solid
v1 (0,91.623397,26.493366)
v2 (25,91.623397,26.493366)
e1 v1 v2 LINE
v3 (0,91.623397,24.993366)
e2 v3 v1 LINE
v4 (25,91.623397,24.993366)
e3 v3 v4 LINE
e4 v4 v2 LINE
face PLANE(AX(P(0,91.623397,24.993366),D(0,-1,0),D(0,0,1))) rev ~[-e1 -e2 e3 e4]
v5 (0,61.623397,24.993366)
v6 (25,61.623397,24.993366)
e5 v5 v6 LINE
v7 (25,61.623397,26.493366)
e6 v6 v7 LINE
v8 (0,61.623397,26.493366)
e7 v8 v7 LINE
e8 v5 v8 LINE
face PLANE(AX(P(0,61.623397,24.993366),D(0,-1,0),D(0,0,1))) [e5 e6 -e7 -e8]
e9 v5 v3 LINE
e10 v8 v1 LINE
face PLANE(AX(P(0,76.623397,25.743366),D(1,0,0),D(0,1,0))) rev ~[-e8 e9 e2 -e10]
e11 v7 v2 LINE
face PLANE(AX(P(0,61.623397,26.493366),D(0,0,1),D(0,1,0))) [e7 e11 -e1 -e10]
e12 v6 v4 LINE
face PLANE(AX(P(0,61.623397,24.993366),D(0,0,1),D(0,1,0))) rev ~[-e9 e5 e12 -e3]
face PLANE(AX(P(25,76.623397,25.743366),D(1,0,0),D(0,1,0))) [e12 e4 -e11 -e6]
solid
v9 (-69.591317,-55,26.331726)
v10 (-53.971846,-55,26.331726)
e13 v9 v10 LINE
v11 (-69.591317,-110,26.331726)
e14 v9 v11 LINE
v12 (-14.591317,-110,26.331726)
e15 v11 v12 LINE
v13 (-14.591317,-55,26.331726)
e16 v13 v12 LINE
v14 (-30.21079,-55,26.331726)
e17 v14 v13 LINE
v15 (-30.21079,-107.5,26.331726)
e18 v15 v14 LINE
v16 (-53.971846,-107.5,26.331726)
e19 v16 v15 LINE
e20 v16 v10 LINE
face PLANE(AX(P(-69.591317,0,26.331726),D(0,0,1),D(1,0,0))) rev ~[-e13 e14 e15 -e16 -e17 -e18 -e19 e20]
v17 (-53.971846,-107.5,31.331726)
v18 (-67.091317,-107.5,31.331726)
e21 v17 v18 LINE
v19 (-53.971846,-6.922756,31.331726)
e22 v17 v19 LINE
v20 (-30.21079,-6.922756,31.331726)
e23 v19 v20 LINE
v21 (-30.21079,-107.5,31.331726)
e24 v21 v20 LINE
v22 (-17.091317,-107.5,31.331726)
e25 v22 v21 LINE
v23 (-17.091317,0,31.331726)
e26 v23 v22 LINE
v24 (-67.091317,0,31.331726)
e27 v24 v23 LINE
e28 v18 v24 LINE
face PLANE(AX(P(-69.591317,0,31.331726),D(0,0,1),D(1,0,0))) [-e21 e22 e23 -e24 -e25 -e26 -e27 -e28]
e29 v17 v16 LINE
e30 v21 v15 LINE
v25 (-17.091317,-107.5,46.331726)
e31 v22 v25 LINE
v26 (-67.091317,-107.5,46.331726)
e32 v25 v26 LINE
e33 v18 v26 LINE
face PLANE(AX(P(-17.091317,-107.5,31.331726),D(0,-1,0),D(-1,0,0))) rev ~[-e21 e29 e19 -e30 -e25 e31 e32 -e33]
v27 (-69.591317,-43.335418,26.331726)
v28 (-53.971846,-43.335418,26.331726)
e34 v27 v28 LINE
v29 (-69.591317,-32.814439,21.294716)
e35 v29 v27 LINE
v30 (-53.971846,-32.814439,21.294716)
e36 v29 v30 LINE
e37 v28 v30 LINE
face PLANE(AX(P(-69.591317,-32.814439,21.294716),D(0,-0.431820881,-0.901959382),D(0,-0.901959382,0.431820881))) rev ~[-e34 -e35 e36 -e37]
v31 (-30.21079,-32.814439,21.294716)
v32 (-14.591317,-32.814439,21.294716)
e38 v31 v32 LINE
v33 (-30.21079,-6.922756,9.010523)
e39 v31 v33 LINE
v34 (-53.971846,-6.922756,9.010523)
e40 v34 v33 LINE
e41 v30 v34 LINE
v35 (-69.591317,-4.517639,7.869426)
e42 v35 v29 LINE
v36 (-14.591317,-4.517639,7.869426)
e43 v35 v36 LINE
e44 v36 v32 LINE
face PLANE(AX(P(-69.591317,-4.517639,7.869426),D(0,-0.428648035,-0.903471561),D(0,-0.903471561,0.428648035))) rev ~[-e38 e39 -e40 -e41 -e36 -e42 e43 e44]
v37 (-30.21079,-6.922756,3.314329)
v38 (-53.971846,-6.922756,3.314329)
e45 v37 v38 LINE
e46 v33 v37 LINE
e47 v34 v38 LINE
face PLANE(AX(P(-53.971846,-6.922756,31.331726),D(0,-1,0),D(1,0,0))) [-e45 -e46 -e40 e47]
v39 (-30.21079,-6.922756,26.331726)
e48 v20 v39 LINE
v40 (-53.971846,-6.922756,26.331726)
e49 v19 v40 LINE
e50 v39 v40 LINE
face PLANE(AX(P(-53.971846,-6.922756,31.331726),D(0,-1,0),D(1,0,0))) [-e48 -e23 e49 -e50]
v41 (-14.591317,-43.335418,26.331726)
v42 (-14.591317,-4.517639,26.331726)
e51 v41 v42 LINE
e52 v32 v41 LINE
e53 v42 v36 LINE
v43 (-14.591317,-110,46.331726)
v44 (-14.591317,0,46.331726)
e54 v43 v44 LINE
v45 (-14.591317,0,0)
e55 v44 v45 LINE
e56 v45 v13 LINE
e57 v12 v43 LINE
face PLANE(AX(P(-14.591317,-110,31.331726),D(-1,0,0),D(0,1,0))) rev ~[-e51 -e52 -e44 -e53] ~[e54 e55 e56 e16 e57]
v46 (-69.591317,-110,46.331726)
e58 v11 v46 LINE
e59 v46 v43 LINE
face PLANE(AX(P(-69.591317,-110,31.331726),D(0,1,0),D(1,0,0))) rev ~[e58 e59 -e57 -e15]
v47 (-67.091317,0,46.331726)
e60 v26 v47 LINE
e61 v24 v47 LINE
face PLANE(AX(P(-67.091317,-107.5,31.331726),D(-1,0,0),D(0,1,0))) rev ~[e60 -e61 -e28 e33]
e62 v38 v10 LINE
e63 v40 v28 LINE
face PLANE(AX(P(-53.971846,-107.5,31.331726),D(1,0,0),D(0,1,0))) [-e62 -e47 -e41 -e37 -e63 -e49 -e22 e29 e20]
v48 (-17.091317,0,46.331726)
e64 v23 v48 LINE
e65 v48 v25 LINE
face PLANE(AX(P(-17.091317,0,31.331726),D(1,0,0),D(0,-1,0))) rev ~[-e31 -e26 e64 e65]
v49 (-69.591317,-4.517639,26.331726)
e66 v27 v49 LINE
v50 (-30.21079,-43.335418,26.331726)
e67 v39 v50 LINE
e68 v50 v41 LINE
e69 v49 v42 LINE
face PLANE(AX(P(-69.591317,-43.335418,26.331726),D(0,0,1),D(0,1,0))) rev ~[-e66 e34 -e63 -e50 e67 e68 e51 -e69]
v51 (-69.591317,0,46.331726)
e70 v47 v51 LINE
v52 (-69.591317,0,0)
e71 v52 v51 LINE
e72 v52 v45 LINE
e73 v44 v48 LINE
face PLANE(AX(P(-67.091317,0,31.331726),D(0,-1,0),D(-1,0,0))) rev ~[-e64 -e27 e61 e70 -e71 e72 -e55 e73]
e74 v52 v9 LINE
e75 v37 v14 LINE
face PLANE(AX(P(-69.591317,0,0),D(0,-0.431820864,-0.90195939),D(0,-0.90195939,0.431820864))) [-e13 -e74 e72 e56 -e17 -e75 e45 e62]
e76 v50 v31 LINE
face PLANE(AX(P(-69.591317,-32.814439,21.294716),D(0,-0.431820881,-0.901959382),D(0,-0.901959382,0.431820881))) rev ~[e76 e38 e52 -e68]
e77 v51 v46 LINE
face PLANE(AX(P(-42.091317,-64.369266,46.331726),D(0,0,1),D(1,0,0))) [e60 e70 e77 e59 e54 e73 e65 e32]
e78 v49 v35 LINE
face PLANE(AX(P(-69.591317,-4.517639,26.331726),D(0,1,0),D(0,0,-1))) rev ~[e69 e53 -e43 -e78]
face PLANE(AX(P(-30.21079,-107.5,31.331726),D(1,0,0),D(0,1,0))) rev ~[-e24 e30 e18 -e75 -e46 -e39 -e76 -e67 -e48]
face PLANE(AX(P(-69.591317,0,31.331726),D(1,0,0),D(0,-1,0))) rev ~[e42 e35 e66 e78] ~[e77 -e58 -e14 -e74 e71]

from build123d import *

# Parameters (mm, degrees)
F0_W      = 55
F0_H      = 5
F1_DEPTH  = 110
F3_DEPTH  = 55
F5_DEPTH  = 15
F4_W      = 23.761057
F4_H      = 100.577244
F6_DEPTH  = 31.332726
F8_DEPTH  = 55.001
F9_W      = 30
F9_H      = 1.5
F10_DEPTH = 25


with BuildPart() as f1:
    # F0 (on Front) → F1 (new body)
    with BuildSketch(Plane.XZ):
        with Locations((-42.091317, 28.831726)):
            Rectangle(F0_W, F0_H)
    extrude(amount=F1_DEPTH)

    # F2 (on face) → F3 (join, through all)
    with BuildSketch(Plane(origin=(-69.591317, 0, 0), x_dir=(0, -1, 0), z_dir=(-1, 0, 0))):
        Polygon((55, 26.331726), (0, 26.331726), (0, 0), align=None)
    extrude(amount=-F3_DEPTH)

    # F4 (on face) → F5 (join)
    with BuildSketch(Plane.XY.offset(31.331726)):
        Polygon((-67.091317, -107.5), (-67.091317, 0), (-69.591317, 0), (-69.591317, -110), (-14.591317, -110), (-14.591317, 0), (-17.091317, 0), (-17.091317, -107.5), (-30.210789, -107.5), (-53.971846, -107.5), align=None)
    extrude(amount=F5_DEPTH)

    # F4 (on face) → F6 (cut, through all)
    with BuildSketch(Plane.XY.offset(31.331726)):
        with Locations((-42.091318, -57.211378)):
            Rectangle(F4_W, F4_H)
    extrude(amount=-F6_DEPTH, mode=Mode.SUBTRACT)

    # F7 (on face) → F8 (cut, through all)
    with BuildSketch(Plane(origin=(-69.591317, 0, 0), x_dir=(0, -1, 0), z_dir=(-1, 0, 0))):
        Polygon((32.814439, 21.294716), (43.335418, 26.331726), (4.517639, 26.331726), (4.517639, 21.294716), (4.517639, 7.869426), align=None)
    extrude(amount=-F8_DEPTH, mode=Mode.SUBTRACT)


with BuildPart() as f10:
    # F9 (on Right) → F10 (new body)
    with BuildSketch(Plane.YZ):
        with Locations((76.623397, 25.743366)):
            Rectangle(F9_W, F9_H)
    extrude(amount=F10_DEPTH)


solid = Compound([f1.part, f10.part])
